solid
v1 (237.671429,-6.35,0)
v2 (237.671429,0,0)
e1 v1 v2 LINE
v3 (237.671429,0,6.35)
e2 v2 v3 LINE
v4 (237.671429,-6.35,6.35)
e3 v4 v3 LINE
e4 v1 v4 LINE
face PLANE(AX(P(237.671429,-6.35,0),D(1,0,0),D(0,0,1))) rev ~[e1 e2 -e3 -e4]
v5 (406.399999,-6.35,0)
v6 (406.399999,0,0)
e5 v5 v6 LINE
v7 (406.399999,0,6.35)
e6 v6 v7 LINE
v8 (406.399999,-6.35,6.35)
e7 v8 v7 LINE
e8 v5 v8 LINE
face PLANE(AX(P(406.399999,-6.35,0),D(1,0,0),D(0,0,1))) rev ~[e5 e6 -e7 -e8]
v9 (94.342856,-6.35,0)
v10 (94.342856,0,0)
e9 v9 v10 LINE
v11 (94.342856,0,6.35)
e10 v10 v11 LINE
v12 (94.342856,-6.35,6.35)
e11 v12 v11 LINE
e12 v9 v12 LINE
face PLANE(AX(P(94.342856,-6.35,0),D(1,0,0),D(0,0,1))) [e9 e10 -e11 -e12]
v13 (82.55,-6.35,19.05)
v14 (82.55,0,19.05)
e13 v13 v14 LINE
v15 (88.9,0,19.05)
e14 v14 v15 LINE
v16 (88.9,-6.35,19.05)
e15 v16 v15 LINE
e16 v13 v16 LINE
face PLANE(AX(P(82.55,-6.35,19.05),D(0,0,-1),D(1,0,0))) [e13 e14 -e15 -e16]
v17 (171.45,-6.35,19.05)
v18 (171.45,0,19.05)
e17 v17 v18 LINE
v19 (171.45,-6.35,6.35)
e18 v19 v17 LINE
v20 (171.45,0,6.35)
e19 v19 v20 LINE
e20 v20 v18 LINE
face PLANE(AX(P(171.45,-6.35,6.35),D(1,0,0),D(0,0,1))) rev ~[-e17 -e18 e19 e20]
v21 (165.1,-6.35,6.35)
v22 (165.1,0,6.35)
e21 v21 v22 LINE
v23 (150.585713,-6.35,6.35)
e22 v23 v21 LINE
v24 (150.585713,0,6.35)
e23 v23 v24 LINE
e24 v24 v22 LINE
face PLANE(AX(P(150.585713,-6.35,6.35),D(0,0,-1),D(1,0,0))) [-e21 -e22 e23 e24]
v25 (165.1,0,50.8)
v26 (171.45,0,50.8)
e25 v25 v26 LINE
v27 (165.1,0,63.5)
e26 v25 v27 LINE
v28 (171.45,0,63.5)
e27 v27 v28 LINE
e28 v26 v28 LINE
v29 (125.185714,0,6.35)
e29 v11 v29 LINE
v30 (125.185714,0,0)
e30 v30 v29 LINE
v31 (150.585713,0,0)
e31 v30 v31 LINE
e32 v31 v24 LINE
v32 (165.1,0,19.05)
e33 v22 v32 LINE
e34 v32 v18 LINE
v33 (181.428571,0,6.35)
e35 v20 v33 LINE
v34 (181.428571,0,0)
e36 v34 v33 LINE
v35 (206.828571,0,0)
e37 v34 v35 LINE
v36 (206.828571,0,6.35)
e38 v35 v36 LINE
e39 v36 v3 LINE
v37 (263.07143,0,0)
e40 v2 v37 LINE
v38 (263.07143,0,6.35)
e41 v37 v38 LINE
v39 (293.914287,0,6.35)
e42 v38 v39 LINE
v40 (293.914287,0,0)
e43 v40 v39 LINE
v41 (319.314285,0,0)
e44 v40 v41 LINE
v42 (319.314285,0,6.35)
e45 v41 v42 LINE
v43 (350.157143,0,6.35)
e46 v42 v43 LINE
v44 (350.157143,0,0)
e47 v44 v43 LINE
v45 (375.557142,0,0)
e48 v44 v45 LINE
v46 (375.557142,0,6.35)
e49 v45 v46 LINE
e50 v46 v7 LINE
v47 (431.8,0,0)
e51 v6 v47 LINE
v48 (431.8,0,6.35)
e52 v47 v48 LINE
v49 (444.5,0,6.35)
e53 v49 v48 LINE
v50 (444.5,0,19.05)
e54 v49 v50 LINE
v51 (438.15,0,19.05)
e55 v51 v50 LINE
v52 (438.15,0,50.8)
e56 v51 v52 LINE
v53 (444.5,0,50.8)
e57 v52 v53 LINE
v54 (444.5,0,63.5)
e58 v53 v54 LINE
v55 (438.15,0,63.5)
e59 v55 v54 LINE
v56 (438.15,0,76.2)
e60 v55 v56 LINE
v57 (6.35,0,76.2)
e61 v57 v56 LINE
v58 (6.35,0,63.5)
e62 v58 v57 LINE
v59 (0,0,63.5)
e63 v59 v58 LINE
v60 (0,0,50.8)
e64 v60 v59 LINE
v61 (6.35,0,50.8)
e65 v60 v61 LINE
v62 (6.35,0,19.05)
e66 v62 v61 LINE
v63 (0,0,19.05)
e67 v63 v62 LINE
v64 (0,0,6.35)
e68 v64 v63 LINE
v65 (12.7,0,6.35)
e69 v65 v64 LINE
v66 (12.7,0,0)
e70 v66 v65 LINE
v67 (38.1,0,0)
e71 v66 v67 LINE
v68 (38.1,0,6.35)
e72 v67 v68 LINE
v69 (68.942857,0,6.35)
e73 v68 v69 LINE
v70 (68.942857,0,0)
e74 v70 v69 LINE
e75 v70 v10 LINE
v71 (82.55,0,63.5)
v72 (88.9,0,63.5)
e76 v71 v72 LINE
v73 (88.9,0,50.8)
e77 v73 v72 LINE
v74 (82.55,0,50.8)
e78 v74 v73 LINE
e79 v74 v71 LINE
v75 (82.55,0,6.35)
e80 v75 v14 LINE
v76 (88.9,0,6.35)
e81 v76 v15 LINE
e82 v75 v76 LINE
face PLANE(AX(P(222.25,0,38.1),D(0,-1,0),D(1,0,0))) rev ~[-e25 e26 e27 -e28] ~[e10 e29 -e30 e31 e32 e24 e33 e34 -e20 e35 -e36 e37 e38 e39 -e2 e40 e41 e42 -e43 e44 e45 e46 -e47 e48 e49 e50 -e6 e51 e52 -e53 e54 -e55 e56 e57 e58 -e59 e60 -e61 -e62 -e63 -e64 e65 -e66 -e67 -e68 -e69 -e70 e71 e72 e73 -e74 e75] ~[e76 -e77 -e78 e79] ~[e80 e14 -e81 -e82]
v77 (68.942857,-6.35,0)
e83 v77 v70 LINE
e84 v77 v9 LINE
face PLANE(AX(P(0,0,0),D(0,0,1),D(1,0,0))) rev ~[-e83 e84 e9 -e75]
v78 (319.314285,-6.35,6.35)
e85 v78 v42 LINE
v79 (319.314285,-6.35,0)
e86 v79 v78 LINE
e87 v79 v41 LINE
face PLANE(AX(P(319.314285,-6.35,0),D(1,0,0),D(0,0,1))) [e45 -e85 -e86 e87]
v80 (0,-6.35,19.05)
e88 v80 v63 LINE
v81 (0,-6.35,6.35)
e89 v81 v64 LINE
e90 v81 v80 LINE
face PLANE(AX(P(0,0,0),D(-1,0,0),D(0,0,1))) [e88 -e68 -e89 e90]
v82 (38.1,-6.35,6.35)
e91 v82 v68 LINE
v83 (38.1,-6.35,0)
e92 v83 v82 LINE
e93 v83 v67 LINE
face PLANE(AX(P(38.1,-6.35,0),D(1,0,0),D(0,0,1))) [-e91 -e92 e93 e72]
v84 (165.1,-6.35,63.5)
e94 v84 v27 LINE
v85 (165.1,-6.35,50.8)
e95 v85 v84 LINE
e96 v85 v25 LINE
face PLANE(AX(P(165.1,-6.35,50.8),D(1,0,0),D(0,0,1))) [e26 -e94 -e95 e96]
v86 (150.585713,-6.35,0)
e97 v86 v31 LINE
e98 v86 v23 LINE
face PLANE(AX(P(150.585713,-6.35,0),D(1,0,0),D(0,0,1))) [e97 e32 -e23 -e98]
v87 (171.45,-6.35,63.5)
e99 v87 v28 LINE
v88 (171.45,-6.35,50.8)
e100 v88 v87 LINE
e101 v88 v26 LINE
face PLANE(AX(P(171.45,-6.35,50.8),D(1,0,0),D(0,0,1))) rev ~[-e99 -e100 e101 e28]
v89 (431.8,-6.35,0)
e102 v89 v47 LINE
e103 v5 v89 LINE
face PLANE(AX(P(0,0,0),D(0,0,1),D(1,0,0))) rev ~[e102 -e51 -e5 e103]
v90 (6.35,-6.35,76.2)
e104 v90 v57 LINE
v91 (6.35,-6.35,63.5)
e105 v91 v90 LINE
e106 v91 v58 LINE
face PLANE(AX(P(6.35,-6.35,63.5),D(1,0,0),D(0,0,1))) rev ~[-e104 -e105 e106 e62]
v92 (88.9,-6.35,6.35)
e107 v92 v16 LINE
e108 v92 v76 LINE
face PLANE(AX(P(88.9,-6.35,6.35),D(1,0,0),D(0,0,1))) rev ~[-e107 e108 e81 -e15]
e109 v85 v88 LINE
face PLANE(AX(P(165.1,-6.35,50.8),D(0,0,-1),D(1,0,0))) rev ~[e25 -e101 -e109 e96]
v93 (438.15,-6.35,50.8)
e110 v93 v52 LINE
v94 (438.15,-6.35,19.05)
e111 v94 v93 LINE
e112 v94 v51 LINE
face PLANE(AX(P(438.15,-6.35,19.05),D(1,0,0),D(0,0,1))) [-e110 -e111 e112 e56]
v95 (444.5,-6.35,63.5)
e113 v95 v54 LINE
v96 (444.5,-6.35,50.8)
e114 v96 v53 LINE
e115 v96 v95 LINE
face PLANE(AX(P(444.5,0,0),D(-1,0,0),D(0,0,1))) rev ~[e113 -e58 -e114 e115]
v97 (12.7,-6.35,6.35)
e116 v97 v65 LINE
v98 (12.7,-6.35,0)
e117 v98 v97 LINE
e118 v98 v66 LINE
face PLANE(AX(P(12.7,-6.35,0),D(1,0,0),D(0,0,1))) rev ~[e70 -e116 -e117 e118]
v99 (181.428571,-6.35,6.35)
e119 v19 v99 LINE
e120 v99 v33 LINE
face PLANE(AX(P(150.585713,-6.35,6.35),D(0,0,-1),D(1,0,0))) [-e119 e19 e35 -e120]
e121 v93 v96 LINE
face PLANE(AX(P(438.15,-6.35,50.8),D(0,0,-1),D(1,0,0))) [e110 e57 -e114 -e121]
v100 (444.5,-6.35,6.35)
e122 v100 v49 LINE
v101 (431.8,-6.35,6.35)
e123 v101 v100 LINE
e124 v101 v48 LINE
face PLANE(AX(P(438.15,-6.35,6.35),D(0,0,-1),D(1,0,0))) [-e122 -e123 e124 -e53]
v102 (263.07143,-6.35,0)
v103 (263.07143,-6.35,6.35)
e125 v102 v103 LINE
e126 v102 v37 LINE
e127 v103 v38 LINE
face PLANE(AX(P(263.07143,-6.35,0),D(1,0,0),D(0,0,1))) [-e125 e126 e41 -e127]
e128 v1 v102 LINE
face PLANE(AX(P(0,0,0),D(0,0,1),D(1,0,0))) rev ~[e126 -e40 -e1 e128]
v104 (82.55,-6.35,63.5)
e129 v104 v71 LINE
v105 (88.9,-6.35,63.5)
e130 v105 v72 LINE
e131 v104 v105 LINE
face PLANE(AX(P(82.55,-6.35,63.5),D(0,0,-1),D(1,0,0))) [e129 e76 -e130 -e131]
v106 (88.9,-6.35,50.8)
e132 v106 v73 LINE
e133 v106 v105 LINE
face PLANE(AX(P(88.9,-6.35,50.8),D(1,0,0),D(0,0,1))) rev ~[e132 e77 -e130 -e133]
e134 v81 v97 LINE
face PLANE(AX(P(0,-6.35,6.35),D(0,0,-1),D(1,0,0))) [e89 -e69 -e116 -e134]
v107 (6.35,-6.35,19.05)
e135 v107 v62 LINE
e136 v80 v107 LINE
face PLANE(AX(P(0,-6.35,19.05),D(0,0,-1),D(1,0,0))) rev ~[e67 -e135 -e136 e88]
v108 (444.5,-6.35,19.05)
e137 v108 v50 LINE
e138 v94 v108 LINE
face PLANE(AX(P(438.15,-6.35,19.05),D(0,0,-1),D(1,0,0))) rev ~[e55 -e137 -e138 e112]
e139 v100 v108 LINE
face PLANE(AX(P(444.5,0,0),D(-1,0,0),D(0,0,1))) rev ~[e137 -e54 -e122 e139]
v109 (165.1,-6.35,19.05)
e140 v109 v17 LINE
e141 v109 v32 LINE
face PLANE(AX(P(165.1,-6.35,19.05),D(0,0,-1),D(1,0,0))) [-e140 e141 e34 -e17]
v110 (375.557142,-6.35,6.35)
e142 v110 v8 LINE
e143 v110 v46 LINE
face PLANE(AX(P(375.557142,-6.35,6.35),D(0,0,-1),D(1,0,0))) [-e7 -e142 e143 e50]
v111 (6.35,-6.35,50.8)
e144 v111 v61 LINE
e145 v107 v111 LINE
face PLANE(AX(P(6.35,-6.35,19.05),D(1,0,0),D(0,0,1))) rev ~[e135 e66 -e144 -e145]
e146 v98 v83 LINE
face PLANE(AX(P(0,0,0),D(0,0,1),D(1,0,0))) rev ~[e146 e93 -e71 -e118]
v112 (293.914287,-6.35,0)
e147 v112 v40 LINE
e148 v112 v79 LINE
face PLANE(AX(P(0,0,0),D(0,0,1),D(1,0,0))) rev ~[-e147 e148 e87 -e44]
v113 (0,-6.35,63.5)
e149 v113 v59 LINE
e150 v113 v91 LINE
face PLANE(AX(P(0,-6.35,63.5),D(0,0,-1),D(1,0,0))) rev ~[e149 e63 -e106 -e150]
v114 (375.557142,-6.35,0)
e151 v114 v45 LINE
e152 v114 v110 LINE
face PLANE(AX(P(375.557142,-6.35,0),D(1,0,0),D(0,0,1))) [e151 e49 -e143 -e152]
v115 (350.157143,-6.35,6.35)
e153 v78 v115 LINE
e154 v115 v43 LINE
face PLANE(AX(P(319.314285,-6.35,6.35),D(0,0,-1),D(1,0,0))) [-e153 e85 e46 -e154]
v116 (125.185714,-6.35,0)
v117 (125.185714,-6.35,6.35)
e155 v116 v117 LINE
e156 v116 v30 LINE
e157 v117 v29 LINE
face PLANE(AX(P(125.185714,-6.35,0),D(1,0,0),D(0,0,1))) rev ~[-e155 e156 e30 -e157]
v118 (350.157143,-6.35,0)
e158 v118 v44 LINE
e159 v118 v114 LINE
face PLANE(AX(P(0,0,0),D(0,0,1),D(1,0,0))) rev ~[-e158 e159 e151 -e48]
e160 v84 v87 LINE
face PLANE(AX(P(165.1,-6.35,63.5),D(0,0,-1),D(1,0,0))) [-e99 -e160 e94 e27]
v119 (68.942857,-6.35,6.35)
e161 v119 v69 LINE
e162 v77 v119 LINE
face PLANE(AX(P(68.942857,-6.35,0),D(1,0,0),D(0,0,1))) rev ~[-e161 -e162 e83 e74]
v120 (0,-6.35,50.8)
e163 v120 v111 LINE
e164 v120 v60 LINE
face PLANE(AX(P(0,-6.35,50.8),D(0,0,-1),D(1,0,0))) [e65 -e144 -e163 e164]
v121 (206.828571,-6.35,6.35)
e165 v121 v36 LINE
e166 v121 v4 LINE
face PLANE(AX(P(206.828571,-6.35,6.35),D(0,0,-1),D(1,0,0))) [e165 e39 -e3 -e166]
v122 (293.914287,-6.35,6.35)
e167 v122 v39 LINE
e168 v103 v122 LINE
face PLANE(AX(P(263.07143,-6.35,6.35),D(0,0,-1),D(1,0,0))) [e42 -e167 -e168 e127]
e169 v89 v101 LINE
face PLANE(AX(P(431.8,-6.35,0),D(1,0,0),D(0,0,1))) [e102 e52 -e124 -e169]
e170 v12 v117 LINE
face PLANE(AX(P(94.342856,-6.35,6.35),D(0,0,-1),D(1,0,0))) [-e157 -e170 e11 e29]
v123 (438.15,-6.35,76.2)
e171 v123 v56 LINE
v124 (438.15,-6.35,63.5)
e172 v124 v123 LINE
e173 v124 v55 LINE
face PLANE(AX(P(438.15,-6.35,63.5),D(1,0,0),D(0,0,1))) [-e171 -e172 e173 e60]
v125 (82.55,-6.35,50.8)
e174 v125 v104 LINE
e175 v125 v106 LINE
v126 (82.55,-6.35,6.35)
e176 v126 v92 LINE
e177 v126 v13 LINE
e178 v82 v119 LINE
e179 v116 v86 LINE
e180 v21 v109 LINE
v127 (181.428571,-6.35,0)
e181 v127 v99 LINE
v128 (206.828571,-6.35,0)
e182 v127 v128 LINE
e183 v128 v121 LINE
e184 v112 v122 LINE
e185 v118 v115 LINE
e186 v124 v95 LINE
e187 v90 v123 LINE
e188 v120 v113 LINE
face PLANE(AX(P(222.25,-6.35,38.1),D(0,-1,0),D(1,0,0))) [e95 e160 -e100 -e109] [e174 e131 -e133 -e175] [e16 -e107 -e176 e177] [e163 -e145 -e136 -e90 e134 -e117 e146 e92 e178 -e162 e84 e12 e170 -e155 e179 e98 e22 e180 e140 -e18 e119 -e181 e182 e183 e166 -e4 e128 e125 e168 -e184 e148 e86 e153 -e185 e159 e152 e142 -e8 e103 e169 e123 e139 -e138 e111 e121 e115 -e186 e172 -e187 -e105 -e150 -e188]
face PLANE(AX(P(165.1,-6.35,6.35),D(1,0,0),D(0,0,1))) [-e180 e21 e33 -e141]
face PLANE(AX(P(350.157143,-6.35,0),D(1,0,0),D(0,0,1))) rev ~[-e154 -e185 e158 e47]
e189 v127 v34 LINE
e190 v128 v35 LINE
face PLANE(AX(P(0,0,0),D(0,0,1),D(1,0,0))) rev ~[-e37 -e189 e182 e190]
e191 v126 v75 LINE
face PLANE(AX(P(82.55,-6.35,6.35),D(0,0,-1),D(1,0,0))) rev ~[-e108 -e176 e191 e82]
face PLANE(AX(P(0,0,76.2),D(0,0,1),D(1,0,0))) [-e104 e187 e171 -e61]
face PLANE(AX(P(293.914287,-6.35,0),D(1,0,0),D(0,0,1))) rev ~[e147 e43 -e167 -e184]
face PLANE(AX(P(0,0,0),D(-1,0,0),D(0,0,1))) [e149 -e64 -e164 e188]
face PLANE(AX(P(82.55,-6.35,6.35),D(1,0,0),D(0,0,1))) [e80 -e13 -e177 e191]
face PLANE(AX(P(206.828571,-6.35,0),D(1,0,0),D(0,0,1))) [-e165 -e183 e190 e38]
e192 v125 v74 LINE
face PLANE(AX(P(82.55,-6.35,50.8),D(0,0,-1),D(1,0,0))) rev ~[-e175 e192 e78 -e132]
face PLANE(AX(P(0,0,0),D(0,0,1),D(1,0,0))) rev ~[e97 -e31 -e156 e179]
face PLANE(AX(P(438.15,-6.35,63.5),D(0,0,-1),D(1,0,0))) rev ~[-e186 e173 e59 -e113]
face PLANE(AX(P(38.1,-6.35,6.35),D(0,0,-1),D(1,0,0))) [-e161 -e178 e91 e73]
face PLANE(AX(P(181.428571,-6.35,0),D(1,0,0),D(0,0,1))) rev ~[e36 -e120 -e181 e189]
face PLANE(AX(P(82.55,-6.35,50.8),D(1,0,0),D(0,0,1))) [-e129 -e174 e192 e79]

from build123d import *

# Parameters (mm, degrees)
F0_W     = 444.5
F0_H     = 76.2
F1_DEPTH = 6.35
F2_W     = 6.35
F2_H     = 6.35
F2_H_2   = 12.7
F2_H_3   = 31.75
F3_DEPTH = 6.35
F4_W     = 30.842857
F4_H     = 6.35
F4_W_2   = 30.842858
F4_W_3   = 6.35
F5_DEPTH = 6.351
F6_W     = 6.35
F6_H     = 12.7
F7_DEPTH = 6.351


with BuildPart() as f1:
    # F0 (on Front) → F1 (new body)
    with BuildSketch(Plane.XZ):
        with Locations((222.25, 38.1)):
            Rectangle(F0_W, F0_H)
    extrude(amount=F1_DEPTH)

    # F2 (on face) → F3 (cut, through all)
    with BuildSketch(Plane.XZ.offset(6.35)):
        with Locations((3.175, 3.175)):
            Rectangle(F2_W, F2_H)
        with Locations((3.175, 69.85)):
            Rectangle(F2_W, F2_H_2)
        with Locations((3.175, 34.925)):
            Rectangle(F2_W, F2_H_3)
        with Locations((441.325, 3.175)):
            Rectangle(F2_W, F2_H)
        with Locations((441.325, 34.925)):
            Rectangle(F2_W, F2_H_3)
        with Locations((441.325, 69.85)):
            Rectangle(F2_W, F2_H_2)
    extrude(amount=-F3_DEPTH, mode=Mode.SUBTRACT)

    # F4 (on face) → F5 (cut, through all)
    with BuildSketch(Plane.XZ.offset(6.35)):
        with Locations((53.521428, 3.175)):
            Rectangle(F4_W, F4_H)
        with Locations((109.764285, 3.175)):
            Rectangle(F4_W, F4_H)
        with Locations((166.007142, 3.175)):
            Rectangle(F4_W, F4_H)
        with Locations((222.25, 3.175)):
            Rectangle(F4_W_2, F4_H)
        with Locations((278.492858, 3.175)):
            Rectangle(F4_W, F4_H)
        with Locations((334.735714, 3.175)):
            Rectangle(F4_W, F4_H)
        with Locations((390.978571, 3.175)):
            Rectangle(F4_W, F4_H)
        with Locations((9.525, 3.175)):
            Rectangle(F4_W_3, F4_H)
        with Locations((434.975, 3.175)):
            Rectangle(F4_W_3, F4_H)
    extrude(amount=-F5_DEPTH, mode=Mode.SUBTRACT)

    # F6 (on face) → F7 (cut, through all)
    with BuildSketch(Plane.XZ.offset(6.35)):
        with Locations((85.725, 12.7)):
            Rectangle(F6_W, F6_H)
        with Locations((85.725, 57.15)):
            Rectangle(F6_W, F6_H)
        with Locations((168.275, 12.7)):
            Rectangle(F6_W, F6_H)
        with Locations((168.275, 57.15)):
            Rectangle(F6_W, F6_H)
    extrude(amount=-F7_DEPTH, mode=Mode.SUBTRACT)


solid = f1.part
